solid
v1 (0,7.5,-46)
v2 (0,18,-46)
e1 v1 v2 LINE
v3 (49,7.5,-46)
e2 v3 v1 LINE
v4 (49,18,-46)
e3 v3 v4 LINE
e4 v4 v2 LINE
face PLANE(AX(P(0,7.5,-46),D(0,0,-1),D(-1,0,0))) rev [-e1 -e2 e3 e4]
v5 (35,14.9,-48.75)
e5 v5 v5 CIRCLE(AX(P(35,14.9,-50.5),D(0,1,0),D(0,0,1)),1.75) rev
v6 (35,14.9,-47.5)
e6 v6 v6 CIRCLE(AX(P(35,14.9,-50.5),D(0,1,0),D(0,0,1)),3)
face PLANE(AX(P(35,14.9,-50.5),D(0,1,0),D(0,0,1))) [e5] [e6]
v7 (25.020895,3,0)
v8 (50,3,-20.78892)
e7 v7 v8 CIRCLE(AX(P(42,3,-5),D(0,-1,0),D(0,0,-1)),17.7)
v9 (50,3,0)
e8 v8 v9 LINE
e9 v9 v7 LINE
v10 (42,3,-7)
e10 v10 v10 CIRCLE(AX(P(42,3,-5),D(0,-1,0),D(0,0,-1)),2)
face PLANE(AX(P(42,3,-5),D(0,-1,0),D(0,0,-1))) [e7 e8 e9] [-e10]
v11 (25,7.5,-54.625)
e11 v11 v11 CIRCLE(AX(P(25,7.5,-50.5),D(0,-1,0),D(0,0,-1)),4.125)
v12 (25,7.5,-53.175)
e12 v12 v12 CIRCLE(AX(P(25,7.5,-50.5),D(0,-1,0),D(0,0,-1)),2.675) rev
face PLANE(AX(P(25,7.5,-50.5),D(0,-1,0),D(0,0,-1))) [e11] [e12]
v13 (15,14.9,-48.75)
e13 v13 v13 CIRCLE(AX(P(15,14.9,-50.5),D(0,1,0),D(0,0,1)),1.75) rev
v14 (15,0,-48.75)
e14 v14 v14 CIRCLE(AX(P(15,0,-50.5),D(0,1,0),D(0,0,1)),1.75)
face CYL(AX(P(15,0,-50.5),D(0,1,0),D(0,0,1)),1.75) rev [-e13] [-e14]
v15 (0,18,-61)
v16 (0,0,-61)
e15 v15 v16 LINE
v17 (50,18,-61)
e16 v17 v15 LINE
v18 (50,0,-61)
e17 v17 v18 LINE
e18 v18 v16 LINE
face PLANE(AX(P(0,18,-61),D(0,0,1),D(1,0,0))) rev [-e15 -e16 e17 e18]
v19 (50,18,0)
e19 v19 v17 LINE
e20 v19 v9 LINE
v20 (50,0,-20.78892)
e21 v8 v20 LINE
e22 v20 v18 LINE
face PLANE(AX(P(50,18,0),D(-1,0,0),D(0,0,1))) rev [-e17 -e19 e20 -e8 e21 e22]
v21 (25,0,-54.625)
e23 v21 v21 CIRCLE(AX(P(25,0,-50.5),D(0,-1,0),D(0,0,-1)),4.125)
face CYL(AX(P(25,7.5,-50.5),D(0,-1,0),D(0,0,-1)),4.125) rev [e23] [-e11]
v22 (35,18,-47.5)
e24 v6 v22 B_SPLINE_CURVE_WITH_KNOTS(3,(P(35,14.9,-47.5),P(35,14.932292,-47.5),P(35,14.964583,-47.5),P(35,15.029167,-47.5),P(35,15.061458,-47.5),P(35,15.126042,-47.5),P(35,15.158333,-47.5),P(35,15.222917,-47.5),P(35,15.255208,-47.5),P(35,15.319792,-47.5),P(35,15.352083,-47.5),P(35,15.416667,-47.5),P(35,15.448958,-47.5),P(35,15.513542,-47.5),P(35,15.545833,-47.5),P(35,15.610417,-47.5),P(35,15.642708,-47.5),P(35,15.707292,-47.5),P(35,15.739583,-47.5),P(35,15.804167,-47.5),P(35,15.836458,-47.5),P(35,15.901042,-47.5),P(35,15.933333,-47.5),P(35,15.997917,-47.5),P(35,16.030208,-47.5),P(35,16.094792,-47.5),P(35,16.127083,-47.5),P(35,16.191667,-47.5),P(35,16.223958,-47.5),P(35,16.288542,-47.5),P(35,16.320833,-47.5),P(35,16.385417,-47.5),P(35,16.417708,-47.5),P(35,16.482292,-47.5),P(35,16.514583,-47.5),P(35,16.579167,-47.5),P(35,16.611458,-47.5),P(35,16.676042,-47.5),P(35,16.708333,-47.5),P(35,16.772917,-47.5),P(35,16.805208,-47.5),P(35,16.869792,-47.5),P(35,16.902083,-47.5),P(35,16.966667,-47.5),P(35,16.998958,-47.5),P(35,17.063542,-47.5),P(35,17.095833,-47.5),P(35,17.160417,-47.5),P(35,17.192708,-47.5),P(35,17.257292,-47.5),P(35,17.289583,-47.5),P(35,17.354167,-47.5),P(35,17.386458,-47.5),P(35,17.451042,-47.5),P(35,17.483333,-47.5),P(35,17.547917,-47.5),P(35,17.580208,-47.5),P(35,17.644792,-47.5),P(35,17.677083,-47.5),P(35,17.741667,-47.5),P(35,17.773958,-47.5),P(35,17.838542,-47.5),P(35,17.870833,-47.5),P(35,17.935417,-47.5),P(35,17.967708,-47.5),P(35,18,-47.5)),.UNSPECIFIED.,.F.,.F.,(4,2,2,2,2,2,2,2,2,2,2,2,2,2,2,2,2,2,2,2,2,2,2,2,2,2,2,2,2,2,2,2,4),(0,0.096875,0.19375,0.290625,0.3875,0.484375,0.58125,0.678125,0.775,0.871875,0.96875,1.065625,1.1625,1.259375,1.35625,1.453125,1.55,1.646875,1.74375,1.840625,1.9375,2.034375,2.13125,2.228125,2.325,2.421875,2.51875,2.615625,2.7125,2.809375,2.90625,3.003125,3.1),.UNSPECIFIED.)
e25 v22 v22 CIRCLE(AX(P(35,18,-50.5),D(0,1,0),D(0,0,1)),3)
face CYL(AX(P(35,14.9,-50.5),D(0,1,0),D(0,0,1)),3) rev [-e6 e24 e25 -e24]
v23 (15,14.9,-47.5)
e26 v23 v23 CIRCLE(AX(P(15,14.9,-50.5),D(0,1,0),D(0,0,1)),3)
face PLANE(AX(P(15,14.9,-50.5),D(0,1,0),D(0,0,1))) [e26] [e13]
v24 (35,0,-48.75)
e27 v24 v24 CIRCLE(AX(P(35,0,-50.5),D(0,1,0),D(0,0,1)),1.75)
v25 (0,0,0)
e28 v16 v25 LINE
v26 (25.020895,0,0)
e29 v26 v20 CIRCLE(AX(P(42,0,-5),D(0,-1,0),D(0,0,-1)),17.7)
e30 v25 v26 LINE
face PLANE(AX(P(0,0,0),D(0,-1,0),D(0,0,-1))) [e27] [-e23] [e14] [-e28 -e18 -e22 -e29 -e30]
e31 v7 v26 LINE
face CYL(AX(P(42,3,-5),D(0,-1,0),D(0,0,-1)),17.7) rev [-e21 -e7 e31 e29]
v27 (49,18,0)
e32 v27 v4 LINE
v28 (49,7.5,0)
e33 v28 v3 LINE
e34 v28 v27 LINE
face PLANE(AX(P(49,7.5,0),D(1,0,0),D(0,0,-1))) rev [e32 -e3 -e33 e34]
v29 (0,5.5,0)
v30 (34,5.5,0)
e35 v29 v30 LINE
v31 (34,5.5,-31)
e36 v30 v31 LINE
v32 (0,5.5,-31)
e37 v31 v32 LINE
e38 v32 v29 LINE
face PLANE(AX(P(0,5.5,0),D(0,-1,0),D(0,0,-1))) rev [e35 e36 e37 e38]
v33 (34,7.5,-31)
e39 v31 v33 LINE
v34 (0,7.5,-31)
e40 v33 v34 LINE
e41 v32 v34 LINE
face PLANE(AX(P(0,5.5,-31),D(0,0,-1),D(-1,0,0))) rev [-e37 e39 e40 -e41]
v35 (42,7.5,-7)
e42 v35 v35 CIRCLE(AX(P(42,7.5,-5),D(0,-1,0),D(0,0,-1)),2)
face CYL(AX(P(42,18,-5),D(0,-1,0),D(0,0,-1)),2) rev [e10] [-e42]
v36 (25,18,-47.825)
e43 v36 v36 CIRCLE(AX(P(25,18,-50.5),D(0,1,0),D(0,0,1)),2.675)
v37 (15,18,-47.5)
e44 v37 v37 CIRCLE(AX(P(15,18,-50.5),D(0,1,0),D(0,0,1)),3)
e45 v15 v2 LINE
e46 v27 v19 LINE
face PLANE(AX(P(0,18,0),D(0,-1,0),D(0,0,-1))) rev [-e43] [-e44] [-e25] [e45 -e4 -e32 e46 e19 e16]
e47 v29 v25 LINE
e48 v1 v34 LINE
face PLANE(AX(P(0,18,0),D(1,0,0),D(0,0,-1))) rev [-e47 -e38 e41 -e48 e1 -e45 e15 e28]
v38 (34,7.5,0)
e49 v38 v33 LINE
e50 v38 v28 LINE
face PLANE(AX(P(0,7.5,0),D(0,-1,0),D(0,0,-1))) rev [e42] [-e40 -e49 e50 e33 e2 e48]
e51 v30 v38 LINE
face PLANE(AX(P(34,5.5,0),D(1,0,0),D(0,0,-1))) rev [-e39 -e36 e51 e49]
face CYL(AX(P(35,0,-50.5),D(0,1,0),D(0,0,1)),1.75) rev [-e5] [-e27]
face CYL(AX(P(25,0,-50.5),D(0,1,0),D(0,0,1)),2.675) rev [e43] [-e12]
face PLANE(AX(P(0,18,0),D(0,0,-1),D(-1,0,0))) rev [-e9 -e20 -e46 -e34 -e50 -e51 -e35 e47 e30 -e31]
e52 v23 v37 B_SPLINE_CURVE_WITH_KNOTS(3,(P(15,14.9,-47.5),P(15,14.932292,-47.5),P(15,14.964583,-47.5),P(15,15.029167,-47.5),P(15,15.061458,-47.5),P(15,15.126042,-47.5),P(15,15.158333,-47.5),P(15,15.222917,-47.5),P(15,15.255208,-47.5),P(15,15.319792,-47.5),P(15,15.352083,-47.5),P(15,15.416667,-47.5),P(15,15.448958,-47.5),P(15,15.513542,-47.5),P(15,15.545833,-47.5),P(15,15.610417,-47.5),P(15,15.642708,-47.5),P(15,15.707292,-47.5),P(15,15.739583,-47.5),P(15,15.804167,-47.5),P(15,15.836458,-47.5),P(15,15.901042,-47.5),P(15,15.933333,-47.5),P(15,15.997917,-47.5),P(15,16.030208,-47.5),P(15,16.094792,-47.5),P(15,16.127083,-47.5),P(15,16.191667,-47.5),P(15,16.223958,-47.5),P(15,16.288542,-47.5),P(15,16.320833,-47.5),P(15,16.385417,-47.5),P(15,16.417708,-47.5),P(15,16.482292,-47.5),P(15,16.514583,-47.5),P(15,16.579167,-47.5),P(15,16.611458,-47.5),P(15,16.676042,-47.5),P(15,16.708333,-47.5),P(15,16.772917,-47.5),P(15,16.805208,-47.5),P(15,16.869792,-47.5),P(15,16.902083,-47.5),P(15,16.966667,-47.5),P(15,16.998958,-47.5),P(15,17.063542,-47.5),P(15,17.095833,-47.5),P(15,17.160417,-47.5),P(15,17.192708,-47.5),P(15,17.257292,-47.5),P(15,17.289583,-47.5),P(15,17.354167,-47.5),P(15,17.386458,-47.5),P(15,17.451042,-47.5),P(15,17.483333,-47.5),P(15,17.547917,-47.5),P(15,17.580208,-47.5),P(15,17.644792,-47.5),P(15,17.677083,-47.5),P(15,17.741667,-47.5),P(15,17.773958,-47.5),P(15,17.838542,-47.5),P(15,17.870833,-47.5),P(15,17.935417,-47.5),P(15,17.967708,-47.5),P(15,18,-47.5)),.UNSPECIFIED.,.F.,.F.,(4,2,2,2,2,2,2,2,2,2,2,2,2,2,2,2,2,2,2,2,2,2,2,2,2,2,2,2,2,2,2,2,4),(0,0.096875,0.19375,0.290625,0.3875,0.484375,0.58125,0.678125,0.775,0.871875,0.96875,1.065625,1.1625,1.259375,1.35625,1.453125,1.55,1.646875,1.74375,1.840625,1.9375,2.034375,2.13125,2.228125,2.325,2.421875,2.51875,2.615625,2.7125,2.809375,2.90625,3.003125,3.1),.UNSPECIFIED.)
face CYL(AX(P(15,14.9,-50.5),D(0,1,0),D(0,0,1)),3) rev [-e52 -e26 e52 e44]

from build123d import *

# Parameters (mm, degrees)
OUTLINESKETCH2_W                               = 50
OUTLINESKETCH2_H                               = 61
OUTLINESKETCH2_R                               = 2
OUTLINEBOSS_EXTRUDE1_DEPTH                     = 18
BUILDPLATECUTOUTSKETCH1_W                      = 49
BUILDPLATECUTOUTSKETCH1_H                      = 46
BUILDPLATECUTOUTCUT_EXTRUDE7_DEPTH             = 10.5
HEATMATCUTSKETCH3_W                            = 34
HEATMATCUTSKETCH3_H                            = 31
HEATMATCUT_EXTRUDE8_DEPTH                      = 2
BALLJOINTCUT_EXTRUDE9_DEPTH                    = 3
SKETCH1_R                                      = 1.75
SKETCH1_R_2                                    = 2.675
ZENDSTOPSWITCHMOUNTHOLESCUT_EXTRUDE1_DEPTH     = 81.901174281
SKETCH3_R                                      = 3
ZENDSTOPSWITCHMOUNTBOREHOLESCUT_EXTRUDE2_DEPTH = 3.1
SKETCH4_R                                      = 4.125
ZENDSTOPSWITCHCONNINGTOWERTBORECUT_EXTRU_DEPTH = 7.5


with BuildPart() as part:
    # OutlineSketch2 → OutlineBoss-Extrude1 (new body)
    with BuildSketch(Plane(origin=(0, 0, 0), x_dir=(1, 0, 0), z_dir=(0, 1, 0))):
        with Locations((25, 30.5)):
            Rectangle(OUTLINESKETCH2_W, OUTLINESKETCH2_H)
        with Locations(Location((42, 5, 0), (0, 0, 270))):
            Circle(OUTLINESKETCH2_R, mode=Mode.SUBTRACT)
    extrude(amount=OUTLINEBOSS_EXTRUDE1_DEPTH)

    # BuildPlateCutoutSketch1 → BuildPlateCutoutCut-Extrude7 (cut)
    with BuildSketch(Plane(origin=(0, 18, 0), x_dir=(1, 0, 0), z_dir=(0, 1, 0))):
        with Locations((24.5, 23)):
            Rectangle(BUILDPLATECUTOUTSKETCH1_W, BUILDPLATECUTOUTSKETCH1_H)
    extrude(amount=-BUILDPLATECUTOUTCUT_EXTRUDE7_DEPTH, mode=Mode.SUBTRACT)

    # HeatMatCutSketch3 → HeatMatCut-Extrude8 (cut)
    with BuildSketch(Plane(origin=(0, 7.5, 0), x_dir=(1, 0, 0), z_dir=(0, 1, 0))):
        with Locations((17, 15.5)):
            Rectangle(HEATMATCUTSKETCH3_W, HEATMATCUTSKETCH3_H)
    extrude(amount=-HEATMATCUT_EXTRUDE8_DEPTH, mode=Mode.SUBTRACT)

    # BallJointCutoutSketch4 → BallJointCut-Extrude9 (cut)
    with BuildSketch(Plane.XZ):
        with BuildLine():
            Line((25.020895194, 0), (50, 0))
            Line((50, 0), (50, -20.788920166))
            ThreePointArc((50, -20.788920166), (30.677417203, -18.604746187), (25.020895194, 0))
        make_face()
    extrude(amount=-BALLJOINTCUT_EXTRUDE9_DEPTH, mode=Mode.SUBTRACT)

    # Sketch1 → ZEndStopSwitchMountHolesCut-Extrude1 (cut, through all)
    with BuildSketch(Plane(origin=(0, 18, 0), x_dir=(1, 0, 0), z_dir=(0, 1, 0))):
        with Locations(Location((35, 50.5, 0), (0, 0, 270))):
            Circle(SKETCH1_R)
        with Locations(Location((25, 50.5, 0), (0, 0, 270))):
            Circle(SKETCH1_R_2)
        with Locations(Location((15, 50.5, 0), (0, 0, 270))):
            Circle(SKETCH1_R)
    extrude(amount=-ZENDSTOPSWITCHMOUNTHOLESCUT_EXTRUDE1_DEPTH, mode=Mode.SUBTRACT)

    # Sketch3 → ZEndStopSwitchMountBoreHolesCut-Extrude2 (cut)
    with BuildSketch(Plane(origin=(0, 18, 0), x_dir=(1, 0, 0), z_dir=(0, 1, 0))):
        with Locations(Location((35, 50.5, 0), (0, 0, 270))):
            Circle(SKETCH3_R)
        with Locations(Location((15, 50.5, 0), (0, 0, 270))):
            Circle(SKETCH3_R)
    extrude(amount=-ZENDSTOPSWITCHMOUNTBOREHOLESCUT_EXTRUDE2_DEPTH, mode=Mode.SUBTRACT)

    # Sketch4 → ZEndStopSwitchConningTowertBoreCut-Extrude1 (cut)
    with BuildSketch(Plane.XZ):
        with Locations(Location((25, -50.5, 0), (0, 0, 270))):
            Circle(SKETCH4_R)
    extrude(amount=-ZENDSTOPSWITCHCONNINGTOWERTBORECUT_EXTRU_DEPTH, mode=Mode.SUBTRACT)


solid = part.part
